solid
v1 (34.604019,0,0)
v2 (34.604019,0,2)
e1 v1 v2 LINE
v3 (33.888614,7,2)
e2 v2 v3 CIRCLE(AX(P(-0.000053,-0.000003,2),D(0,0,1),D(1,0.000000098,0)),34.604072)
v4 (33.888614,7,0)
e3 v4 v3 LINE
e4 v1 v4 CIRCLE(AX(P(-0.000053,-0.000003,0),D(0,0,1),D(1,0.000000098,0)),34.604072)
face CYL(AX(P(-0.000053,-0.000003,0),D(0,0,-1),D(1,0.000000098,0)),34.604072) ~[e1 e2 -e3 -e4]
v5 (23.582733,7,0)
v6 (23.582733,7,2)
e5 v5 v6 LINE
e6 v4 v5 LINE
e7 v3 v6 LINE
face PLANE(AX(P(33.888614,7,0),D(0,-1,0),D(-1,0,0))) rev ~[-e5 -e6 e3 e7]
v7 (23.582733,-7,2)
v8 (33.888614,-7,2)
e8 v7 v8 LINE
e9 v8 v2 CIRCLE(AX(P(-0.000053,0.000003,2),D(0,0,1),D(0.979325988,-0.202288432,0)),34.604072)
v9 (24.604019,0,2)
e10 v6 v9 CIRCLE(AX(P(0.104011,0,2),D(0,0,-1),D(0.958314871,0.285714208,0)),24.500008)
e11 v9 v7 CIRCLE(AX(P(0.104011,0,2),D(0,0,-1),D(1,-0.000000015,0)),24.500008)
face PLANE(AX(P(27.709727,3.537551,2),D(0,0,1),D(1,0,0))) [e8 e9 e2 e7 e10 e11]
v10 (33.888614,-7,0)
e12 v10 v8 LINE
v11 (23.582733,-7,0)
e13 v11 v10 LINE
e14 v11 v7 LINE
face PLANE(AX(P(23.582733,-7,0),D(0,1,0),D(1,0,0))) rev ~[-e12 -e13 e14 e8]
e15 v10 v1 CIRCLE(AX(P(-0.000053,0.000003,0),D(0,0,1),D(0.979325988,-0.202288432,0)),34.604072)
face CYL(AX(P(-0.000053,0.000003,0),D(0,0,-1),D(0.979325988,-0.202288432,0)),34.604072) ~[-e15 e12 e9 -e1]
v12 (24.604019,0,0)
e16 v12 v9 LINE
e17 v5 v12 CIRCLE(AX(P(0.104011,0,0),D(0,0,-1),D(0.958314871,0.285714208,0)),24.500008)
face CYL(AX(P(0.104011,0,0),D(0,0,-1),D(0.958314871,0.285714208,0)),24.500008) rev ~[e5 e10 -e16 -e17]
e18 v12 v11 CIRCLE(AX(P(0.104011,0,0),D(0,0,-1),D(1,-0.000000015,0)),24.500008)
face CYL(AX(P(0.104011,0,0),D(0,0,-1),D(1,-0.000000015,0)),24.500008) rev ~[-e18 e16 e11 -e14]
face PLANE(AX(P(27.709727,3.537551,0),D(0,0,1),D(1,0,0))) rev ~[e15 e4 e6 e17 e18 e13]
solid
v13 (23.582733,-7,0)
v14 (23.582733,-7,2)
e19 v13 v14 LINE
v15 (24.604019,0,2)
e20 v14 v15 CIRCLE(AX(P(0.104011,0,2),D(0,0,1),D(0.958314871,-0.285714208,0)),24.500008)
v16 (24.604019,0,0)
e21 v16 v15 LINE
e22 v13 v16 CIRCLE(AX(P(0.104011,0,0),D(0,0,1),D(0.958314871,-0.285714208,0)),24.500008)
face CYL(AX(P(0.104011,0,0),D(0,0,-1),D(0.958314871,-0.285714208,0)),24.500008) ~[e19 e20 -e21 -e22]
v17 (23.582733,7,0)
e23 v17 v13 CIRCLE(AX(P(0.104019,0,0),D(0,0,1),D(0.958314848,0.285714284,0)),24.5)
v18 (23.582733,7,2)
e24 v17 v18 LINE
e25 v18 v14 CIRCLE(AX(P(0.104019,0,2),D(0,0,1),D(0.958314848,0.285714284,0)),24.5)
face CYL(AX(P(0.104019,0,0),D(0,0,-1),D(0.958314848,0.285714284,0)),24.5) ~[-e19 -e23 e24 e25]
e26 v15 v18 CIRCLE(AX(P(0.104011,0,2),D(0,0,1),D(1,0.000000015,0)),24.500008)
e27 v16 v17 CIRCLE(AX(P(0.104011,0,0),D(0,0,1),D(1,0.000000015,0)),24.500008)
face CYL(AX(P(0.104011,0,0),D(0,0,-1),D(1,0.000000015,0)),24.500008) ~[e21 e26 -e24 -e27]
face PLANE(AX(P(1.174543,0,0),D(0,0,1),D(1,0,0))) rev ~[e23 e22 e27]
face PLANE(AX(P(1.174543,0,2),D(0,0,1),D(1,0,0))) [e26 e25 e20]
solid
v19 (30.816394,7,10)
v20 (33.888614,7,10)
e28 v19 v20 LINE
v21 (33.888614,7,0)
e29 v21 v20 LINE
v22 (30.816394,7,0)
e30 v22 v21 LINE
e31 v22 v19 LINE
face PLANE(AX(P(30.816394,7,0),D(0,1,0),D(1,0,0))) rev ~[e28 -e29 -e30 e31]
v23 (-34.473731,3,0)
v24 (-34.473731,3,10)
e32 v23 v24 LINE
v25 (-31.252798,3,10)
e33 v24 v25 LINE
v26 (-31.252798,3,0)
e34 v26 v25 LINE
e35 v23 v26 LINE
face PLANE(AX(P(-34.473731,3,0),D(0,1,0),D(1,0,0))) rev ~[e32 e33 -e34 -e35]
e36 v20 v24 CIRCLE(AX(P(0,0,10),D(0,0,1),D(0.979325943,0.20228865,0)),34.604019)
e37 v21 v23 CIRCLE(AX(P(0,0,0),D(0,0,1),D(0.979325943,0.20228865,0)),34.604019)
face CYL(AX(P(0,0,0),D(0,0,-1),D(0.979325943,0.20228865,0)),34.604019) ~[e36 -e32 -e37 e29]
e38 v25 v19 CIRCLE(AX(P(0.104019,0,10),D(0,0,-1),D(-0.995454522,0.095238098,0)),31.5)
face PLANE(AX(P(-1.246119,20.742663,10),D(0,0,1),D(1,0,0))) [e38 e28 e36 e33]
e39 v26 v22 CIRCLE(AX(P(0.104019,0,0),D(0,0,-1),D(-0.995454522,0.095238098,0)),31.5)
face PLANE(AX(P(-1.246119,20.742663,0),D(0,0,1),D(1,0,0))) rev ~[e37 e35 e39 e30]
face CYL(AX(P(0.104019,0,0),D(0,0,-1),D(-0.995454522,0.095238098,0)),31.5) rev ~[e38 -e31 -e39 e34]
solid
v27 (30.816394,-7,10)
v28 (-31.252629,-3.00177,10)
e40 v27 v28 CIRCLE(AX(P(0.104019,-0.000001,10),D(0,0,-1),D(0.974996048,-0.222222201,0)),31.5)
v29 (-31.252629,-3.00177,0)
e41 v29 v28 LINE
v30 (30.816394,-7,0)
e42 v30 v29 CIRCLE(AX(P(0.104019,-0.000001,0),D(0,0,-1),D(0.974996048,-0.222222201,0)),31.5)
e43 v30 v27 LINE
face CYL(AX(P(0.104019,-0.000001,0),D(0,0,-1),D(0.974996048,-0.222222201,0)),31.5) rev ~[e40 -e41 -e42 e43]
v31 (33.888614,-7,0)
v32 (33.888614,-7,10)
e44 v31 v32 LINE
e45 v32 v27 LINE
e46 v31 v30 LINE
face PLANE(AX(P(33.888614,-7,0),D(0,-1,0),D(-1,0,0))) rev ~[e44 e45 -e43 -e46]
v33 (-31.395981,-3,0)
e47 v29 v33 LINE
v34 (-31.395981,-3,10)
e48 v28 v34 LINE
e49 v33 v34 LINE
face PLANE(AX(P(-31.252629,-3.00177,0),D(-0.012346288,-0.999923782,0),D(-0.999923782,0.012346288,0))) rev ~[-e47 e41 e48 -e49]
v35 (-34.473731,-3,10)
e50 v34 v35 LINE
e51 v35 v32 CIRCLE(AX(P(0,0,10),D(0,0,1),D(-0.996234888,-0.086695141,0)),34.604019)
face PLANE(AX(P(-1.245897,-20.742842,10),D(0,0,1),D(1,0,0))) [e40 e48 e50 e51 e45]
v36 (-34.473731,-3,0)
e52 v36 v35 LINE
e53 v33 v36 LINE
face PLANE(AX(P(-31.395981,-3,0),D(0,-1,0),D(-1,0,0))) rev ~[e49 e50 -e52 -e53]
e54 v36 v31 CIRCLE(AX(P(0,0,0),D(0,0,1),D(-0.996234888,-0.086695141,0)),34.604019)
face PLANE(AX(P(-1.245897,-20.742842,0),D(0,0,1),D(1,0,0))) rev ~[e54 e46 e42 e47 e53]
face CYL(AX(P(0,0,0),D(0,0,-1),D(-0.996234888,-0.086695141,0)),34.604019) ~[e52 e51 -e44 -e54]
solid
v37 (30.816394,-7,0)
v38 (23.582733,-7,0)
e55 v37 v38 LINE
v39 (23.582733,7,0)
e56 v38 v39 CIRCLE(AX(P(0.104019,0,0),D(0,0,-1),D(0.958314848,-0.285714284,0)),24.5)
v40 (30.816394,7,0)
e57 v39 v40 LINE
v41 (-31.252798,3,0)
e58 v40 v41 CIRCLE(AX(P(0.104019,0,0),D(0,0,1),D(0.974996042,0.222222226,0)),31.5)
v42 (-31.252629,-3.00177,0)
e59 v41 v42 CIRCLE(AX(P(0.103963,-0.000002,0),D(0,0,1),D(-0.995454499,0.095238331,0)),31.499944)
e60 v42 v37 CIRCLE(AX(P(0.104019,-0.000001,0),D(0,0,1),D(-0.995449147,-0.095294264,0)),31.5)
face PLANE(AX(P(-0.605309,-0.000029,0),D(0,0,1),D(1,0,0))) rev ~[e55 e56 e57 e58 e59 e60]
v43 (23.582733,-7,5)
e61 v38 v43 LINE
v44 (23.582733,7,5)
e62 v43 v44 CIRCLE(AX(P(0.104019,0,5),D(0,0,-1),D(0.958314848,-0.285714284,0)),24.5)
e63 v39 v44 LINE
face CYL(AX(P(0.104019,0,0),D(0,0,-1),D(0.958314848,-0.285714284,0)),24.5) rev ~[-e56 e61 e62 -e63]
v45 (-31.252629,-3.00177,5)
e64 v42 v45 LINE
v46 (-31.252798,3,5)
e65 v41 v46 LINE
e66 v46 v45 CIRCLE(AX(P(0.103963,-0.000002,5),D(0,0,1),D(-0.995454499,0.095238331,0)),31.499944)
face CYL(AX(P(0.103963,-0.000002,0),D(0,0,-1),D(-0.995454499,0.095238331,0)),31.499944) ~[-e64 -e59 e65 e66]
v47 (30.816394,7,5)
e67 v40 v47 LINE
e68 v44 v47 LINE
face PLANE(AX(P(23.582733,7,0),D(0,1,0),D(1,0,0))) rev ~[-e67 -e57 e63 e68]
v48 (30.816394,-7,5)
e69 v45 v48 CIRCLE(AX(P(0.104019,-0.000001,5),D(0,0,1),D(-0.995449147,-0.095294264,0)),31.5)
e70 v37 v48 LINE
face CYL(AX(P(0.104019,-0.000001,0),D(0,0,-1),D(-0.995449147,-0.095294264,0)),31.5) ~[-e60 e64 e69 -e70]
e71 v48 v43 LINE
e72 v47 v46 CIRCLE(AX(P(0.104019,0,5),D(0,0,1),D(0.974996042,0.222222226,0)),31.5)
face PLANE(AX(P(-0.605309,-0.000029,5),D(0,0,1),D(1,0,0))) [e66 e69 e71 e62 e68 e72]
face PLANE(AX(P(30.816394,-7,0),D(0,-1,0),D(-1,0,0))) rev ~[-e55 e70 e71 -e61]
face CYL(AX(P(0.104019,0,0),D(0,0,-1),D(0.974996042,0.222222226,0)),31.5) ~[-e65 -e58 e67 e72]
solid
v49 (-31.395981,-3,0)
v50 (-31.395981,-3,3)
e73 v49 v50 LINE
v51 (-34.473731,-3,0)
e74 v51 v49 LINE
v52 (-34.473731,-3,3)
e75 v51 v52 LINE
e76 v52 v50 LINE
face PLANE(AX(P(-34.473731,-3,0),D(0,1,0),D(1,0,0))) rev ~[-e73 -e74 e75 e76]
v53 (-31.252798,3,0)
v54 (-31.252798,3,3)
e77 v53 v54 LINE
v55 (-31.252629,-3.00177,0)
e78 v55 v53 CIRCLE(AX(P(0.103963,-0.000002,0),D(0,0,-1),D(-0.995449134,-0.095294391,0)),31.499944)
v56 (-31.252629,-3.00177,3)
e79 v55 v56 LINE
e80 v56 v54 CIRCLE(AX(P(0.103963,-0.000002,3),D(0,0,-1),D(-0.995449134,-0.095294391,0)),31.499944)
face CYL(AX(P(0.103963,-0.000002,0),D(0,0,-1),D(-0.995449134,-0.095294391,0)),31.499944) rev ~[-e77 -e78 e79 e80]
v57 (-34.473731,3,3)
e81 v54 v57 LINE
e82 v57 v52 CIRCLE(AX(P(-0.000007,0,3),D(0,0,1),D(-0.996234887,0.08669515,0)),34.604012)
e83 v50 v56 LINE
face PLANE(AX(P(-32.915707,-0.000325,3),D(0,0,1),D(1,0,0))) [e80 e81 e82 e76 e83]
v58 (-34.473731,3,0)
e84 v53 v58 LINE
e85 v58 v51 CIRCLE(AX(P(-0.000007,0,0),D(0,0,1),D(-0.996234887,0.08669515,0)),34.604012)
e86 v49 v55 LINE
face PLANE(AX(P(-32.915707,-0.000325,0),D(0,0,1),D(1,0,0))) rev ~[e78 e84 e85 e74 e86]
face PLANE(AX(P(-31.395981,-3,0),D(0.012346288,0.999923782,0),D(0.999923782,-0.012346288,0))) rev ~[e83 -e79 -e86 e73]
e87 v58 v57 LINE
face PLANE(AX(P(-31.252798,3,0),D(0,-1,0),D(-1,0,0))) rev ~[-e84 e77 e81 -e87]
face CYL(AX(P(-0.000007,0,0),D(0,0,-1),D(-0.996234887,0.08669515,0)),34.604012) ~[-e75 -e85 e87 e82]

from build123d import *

# Parameters (mm, degrees)
F1_DEPTH = 10
F2_DEPTH = 3
F3_DEPTH = 2
F4_DEPTH = 5
F5_DEPTH = 2


with BuildPart() as f1:
    # F0 (on Top) → F1 (new body)
    with BuildSketch(Plane.XY):
        with BuildLine():
            ThreePointArc((-31.252798, 3), (-1.921771, 31.434792), (30.816394, 7))
            Line((30.816394, 7), (33.888614, 7))
            ThreePointArc((33.888614, 7), (-2.021284, 34.544935), (-34.473731, 3))
            Line((-34.473731, 3), (-31.395981, 3))
            Line((-31.395981, 3), (-31.252798, 3))
        make_face()
        with BuildLine():
            Line((33.888614, -7), (30.816394, -7))
            ThreePointArc((30.816394, -7), (-1.920884, -31.43485), (-31.252629, -3.00177))
            Line((-31.252629, -3.00177), (-31.395981, -3))
            Line((-31.395981, -3), (-34.473731, -3))
            ThreePointArc((-34.473731, -3), (-2.021284, -34.544935), (33.888614, -7))
        make_face()
    extrude(amount=F1_DEPTH)


with BuildPart() as f2:
    # F0 (on Top) → F2 (new body)
    with BuildSketch(Plane.XY):
        with BuildLine():
            ThreePointArc((-31.252629, -3.00177), (-31.395981, -0.000889), (-31.252798, 3))
            Line((-31.252798, 3), (-31.395981, 3))
            Line((-31.395981, 3), (-34.473731, 3))
            ThreePointArc((-34.473731, 3), (-34.604019, 0), (-34.473731, -3))
            Line((-34.473731, -3), (-31.395981, -3))
            Line((-31.395981, -3), (-31.252629, -3.00177))
        make_face()
    extrude(amount=F2_DEPTH)


with BuildPart() as f3:
    # F0 (on Top) → F3 (new body)
    with BuildSketch(Plane.XY):
        with BuildLine():
            ThreePointArc((23.582733, -7), (24.347353, -3.537055), (24.604019, 0))
            ThreePointArc((24.604019, 0), (24.347353, 3.537055), (23.582733, 7))
            ThreePointArc((23.582733, 7), (-24.395981, 0), (23.582733, -7))
        make_face()
    extrude(amount=F3_DEPTH)


with BuildPart() as f4:
    # F0 (on Top) → F4 (new body)
    with BuildSketch(Plane.XY):
        with BuildLine():
            ThreePointArc((23.582733, -7), (-24.395981, 0), (23.582733, 7))
            Line((23.582733, 7), (24.604019, 7))
            Line((24.604019, 7), (30.816394, 7))
            ThreePointArc((30.816394, 7), (-1.921771, 31.434792), (-31.252798, 3))
            ThreePointArc((-31.252798, 3), (-31.395981, -0.000889), (-31.252629, -3.00177))
            ThreePointArc((-31.252629, -3.00177), (-1.920884, -31.43485), (30.816394, -7))
            Line((30.816394, -7), (24.604019, -7))
            Line((24.604019, -7), (23.582733, -7))
        make_face()
    extrude(amount=F4_DEPTH)


with BuildPart() as f5:
    # F0 (on Top) → F5 (new body)
    with BuildSketch(Plane.XY):
        with BuildLine():
            ThreePointArc((23.582733, 7), (24.347353, 3.537055), (24.604019, 0))
            Line((24.604019, 0), (31.604019, 0))
            ThreePointArc((31.604019, 0), (31.406494, 3.522086), (30.816394, 7))
            Line((30.816394, 7), (24.604019, 7))
            Line((24.604019, 7), (23.582733, 7))
        make_face()
        with BuildLine():
            Line((31.604019, 0), (24.604019, 0))
            ThreePointArc((24.604019, 0), (24.347353, -3.537055), (23.582733, -7))
            Line((23.582733, -7), (24.604019, -7))
            Line((24.604019, -7), (30.816394, -7))
            ThreePointArc((30.816394, -7), (31.406494, -3.522086), (31.604019, 0))
        make_face()
        with BuildLine():
            Line((34.604019, 0), (31.604019, 0))
            ThreePointArc((31.604019, 0), (31.406494, -3.522086), (30.816394, -7))
            Line((30.816394, -7), (33.888614, -7))
            ThreePointArc((33.888614, -7), (34.424703, -3.518231), (34.604019, 0))
        make_face()
        with BuildLine():
            ThreePointArc((30.816394, 7), (31.406494, 3.522086), (31.604019, 0))
            Line((31.604019, 0), (34.604019, 0))
            ThreePointArc((34.604019, 0), (34.424703, 3.518231), (33.888614, 7))
            Line((33.888614, 7), (30.816394, 7))
        make_face()
    extrude(amount=F5_DEPTH)


solid = Compound([f1.part, f2.part, f3.part, f4.part, f5.part])
